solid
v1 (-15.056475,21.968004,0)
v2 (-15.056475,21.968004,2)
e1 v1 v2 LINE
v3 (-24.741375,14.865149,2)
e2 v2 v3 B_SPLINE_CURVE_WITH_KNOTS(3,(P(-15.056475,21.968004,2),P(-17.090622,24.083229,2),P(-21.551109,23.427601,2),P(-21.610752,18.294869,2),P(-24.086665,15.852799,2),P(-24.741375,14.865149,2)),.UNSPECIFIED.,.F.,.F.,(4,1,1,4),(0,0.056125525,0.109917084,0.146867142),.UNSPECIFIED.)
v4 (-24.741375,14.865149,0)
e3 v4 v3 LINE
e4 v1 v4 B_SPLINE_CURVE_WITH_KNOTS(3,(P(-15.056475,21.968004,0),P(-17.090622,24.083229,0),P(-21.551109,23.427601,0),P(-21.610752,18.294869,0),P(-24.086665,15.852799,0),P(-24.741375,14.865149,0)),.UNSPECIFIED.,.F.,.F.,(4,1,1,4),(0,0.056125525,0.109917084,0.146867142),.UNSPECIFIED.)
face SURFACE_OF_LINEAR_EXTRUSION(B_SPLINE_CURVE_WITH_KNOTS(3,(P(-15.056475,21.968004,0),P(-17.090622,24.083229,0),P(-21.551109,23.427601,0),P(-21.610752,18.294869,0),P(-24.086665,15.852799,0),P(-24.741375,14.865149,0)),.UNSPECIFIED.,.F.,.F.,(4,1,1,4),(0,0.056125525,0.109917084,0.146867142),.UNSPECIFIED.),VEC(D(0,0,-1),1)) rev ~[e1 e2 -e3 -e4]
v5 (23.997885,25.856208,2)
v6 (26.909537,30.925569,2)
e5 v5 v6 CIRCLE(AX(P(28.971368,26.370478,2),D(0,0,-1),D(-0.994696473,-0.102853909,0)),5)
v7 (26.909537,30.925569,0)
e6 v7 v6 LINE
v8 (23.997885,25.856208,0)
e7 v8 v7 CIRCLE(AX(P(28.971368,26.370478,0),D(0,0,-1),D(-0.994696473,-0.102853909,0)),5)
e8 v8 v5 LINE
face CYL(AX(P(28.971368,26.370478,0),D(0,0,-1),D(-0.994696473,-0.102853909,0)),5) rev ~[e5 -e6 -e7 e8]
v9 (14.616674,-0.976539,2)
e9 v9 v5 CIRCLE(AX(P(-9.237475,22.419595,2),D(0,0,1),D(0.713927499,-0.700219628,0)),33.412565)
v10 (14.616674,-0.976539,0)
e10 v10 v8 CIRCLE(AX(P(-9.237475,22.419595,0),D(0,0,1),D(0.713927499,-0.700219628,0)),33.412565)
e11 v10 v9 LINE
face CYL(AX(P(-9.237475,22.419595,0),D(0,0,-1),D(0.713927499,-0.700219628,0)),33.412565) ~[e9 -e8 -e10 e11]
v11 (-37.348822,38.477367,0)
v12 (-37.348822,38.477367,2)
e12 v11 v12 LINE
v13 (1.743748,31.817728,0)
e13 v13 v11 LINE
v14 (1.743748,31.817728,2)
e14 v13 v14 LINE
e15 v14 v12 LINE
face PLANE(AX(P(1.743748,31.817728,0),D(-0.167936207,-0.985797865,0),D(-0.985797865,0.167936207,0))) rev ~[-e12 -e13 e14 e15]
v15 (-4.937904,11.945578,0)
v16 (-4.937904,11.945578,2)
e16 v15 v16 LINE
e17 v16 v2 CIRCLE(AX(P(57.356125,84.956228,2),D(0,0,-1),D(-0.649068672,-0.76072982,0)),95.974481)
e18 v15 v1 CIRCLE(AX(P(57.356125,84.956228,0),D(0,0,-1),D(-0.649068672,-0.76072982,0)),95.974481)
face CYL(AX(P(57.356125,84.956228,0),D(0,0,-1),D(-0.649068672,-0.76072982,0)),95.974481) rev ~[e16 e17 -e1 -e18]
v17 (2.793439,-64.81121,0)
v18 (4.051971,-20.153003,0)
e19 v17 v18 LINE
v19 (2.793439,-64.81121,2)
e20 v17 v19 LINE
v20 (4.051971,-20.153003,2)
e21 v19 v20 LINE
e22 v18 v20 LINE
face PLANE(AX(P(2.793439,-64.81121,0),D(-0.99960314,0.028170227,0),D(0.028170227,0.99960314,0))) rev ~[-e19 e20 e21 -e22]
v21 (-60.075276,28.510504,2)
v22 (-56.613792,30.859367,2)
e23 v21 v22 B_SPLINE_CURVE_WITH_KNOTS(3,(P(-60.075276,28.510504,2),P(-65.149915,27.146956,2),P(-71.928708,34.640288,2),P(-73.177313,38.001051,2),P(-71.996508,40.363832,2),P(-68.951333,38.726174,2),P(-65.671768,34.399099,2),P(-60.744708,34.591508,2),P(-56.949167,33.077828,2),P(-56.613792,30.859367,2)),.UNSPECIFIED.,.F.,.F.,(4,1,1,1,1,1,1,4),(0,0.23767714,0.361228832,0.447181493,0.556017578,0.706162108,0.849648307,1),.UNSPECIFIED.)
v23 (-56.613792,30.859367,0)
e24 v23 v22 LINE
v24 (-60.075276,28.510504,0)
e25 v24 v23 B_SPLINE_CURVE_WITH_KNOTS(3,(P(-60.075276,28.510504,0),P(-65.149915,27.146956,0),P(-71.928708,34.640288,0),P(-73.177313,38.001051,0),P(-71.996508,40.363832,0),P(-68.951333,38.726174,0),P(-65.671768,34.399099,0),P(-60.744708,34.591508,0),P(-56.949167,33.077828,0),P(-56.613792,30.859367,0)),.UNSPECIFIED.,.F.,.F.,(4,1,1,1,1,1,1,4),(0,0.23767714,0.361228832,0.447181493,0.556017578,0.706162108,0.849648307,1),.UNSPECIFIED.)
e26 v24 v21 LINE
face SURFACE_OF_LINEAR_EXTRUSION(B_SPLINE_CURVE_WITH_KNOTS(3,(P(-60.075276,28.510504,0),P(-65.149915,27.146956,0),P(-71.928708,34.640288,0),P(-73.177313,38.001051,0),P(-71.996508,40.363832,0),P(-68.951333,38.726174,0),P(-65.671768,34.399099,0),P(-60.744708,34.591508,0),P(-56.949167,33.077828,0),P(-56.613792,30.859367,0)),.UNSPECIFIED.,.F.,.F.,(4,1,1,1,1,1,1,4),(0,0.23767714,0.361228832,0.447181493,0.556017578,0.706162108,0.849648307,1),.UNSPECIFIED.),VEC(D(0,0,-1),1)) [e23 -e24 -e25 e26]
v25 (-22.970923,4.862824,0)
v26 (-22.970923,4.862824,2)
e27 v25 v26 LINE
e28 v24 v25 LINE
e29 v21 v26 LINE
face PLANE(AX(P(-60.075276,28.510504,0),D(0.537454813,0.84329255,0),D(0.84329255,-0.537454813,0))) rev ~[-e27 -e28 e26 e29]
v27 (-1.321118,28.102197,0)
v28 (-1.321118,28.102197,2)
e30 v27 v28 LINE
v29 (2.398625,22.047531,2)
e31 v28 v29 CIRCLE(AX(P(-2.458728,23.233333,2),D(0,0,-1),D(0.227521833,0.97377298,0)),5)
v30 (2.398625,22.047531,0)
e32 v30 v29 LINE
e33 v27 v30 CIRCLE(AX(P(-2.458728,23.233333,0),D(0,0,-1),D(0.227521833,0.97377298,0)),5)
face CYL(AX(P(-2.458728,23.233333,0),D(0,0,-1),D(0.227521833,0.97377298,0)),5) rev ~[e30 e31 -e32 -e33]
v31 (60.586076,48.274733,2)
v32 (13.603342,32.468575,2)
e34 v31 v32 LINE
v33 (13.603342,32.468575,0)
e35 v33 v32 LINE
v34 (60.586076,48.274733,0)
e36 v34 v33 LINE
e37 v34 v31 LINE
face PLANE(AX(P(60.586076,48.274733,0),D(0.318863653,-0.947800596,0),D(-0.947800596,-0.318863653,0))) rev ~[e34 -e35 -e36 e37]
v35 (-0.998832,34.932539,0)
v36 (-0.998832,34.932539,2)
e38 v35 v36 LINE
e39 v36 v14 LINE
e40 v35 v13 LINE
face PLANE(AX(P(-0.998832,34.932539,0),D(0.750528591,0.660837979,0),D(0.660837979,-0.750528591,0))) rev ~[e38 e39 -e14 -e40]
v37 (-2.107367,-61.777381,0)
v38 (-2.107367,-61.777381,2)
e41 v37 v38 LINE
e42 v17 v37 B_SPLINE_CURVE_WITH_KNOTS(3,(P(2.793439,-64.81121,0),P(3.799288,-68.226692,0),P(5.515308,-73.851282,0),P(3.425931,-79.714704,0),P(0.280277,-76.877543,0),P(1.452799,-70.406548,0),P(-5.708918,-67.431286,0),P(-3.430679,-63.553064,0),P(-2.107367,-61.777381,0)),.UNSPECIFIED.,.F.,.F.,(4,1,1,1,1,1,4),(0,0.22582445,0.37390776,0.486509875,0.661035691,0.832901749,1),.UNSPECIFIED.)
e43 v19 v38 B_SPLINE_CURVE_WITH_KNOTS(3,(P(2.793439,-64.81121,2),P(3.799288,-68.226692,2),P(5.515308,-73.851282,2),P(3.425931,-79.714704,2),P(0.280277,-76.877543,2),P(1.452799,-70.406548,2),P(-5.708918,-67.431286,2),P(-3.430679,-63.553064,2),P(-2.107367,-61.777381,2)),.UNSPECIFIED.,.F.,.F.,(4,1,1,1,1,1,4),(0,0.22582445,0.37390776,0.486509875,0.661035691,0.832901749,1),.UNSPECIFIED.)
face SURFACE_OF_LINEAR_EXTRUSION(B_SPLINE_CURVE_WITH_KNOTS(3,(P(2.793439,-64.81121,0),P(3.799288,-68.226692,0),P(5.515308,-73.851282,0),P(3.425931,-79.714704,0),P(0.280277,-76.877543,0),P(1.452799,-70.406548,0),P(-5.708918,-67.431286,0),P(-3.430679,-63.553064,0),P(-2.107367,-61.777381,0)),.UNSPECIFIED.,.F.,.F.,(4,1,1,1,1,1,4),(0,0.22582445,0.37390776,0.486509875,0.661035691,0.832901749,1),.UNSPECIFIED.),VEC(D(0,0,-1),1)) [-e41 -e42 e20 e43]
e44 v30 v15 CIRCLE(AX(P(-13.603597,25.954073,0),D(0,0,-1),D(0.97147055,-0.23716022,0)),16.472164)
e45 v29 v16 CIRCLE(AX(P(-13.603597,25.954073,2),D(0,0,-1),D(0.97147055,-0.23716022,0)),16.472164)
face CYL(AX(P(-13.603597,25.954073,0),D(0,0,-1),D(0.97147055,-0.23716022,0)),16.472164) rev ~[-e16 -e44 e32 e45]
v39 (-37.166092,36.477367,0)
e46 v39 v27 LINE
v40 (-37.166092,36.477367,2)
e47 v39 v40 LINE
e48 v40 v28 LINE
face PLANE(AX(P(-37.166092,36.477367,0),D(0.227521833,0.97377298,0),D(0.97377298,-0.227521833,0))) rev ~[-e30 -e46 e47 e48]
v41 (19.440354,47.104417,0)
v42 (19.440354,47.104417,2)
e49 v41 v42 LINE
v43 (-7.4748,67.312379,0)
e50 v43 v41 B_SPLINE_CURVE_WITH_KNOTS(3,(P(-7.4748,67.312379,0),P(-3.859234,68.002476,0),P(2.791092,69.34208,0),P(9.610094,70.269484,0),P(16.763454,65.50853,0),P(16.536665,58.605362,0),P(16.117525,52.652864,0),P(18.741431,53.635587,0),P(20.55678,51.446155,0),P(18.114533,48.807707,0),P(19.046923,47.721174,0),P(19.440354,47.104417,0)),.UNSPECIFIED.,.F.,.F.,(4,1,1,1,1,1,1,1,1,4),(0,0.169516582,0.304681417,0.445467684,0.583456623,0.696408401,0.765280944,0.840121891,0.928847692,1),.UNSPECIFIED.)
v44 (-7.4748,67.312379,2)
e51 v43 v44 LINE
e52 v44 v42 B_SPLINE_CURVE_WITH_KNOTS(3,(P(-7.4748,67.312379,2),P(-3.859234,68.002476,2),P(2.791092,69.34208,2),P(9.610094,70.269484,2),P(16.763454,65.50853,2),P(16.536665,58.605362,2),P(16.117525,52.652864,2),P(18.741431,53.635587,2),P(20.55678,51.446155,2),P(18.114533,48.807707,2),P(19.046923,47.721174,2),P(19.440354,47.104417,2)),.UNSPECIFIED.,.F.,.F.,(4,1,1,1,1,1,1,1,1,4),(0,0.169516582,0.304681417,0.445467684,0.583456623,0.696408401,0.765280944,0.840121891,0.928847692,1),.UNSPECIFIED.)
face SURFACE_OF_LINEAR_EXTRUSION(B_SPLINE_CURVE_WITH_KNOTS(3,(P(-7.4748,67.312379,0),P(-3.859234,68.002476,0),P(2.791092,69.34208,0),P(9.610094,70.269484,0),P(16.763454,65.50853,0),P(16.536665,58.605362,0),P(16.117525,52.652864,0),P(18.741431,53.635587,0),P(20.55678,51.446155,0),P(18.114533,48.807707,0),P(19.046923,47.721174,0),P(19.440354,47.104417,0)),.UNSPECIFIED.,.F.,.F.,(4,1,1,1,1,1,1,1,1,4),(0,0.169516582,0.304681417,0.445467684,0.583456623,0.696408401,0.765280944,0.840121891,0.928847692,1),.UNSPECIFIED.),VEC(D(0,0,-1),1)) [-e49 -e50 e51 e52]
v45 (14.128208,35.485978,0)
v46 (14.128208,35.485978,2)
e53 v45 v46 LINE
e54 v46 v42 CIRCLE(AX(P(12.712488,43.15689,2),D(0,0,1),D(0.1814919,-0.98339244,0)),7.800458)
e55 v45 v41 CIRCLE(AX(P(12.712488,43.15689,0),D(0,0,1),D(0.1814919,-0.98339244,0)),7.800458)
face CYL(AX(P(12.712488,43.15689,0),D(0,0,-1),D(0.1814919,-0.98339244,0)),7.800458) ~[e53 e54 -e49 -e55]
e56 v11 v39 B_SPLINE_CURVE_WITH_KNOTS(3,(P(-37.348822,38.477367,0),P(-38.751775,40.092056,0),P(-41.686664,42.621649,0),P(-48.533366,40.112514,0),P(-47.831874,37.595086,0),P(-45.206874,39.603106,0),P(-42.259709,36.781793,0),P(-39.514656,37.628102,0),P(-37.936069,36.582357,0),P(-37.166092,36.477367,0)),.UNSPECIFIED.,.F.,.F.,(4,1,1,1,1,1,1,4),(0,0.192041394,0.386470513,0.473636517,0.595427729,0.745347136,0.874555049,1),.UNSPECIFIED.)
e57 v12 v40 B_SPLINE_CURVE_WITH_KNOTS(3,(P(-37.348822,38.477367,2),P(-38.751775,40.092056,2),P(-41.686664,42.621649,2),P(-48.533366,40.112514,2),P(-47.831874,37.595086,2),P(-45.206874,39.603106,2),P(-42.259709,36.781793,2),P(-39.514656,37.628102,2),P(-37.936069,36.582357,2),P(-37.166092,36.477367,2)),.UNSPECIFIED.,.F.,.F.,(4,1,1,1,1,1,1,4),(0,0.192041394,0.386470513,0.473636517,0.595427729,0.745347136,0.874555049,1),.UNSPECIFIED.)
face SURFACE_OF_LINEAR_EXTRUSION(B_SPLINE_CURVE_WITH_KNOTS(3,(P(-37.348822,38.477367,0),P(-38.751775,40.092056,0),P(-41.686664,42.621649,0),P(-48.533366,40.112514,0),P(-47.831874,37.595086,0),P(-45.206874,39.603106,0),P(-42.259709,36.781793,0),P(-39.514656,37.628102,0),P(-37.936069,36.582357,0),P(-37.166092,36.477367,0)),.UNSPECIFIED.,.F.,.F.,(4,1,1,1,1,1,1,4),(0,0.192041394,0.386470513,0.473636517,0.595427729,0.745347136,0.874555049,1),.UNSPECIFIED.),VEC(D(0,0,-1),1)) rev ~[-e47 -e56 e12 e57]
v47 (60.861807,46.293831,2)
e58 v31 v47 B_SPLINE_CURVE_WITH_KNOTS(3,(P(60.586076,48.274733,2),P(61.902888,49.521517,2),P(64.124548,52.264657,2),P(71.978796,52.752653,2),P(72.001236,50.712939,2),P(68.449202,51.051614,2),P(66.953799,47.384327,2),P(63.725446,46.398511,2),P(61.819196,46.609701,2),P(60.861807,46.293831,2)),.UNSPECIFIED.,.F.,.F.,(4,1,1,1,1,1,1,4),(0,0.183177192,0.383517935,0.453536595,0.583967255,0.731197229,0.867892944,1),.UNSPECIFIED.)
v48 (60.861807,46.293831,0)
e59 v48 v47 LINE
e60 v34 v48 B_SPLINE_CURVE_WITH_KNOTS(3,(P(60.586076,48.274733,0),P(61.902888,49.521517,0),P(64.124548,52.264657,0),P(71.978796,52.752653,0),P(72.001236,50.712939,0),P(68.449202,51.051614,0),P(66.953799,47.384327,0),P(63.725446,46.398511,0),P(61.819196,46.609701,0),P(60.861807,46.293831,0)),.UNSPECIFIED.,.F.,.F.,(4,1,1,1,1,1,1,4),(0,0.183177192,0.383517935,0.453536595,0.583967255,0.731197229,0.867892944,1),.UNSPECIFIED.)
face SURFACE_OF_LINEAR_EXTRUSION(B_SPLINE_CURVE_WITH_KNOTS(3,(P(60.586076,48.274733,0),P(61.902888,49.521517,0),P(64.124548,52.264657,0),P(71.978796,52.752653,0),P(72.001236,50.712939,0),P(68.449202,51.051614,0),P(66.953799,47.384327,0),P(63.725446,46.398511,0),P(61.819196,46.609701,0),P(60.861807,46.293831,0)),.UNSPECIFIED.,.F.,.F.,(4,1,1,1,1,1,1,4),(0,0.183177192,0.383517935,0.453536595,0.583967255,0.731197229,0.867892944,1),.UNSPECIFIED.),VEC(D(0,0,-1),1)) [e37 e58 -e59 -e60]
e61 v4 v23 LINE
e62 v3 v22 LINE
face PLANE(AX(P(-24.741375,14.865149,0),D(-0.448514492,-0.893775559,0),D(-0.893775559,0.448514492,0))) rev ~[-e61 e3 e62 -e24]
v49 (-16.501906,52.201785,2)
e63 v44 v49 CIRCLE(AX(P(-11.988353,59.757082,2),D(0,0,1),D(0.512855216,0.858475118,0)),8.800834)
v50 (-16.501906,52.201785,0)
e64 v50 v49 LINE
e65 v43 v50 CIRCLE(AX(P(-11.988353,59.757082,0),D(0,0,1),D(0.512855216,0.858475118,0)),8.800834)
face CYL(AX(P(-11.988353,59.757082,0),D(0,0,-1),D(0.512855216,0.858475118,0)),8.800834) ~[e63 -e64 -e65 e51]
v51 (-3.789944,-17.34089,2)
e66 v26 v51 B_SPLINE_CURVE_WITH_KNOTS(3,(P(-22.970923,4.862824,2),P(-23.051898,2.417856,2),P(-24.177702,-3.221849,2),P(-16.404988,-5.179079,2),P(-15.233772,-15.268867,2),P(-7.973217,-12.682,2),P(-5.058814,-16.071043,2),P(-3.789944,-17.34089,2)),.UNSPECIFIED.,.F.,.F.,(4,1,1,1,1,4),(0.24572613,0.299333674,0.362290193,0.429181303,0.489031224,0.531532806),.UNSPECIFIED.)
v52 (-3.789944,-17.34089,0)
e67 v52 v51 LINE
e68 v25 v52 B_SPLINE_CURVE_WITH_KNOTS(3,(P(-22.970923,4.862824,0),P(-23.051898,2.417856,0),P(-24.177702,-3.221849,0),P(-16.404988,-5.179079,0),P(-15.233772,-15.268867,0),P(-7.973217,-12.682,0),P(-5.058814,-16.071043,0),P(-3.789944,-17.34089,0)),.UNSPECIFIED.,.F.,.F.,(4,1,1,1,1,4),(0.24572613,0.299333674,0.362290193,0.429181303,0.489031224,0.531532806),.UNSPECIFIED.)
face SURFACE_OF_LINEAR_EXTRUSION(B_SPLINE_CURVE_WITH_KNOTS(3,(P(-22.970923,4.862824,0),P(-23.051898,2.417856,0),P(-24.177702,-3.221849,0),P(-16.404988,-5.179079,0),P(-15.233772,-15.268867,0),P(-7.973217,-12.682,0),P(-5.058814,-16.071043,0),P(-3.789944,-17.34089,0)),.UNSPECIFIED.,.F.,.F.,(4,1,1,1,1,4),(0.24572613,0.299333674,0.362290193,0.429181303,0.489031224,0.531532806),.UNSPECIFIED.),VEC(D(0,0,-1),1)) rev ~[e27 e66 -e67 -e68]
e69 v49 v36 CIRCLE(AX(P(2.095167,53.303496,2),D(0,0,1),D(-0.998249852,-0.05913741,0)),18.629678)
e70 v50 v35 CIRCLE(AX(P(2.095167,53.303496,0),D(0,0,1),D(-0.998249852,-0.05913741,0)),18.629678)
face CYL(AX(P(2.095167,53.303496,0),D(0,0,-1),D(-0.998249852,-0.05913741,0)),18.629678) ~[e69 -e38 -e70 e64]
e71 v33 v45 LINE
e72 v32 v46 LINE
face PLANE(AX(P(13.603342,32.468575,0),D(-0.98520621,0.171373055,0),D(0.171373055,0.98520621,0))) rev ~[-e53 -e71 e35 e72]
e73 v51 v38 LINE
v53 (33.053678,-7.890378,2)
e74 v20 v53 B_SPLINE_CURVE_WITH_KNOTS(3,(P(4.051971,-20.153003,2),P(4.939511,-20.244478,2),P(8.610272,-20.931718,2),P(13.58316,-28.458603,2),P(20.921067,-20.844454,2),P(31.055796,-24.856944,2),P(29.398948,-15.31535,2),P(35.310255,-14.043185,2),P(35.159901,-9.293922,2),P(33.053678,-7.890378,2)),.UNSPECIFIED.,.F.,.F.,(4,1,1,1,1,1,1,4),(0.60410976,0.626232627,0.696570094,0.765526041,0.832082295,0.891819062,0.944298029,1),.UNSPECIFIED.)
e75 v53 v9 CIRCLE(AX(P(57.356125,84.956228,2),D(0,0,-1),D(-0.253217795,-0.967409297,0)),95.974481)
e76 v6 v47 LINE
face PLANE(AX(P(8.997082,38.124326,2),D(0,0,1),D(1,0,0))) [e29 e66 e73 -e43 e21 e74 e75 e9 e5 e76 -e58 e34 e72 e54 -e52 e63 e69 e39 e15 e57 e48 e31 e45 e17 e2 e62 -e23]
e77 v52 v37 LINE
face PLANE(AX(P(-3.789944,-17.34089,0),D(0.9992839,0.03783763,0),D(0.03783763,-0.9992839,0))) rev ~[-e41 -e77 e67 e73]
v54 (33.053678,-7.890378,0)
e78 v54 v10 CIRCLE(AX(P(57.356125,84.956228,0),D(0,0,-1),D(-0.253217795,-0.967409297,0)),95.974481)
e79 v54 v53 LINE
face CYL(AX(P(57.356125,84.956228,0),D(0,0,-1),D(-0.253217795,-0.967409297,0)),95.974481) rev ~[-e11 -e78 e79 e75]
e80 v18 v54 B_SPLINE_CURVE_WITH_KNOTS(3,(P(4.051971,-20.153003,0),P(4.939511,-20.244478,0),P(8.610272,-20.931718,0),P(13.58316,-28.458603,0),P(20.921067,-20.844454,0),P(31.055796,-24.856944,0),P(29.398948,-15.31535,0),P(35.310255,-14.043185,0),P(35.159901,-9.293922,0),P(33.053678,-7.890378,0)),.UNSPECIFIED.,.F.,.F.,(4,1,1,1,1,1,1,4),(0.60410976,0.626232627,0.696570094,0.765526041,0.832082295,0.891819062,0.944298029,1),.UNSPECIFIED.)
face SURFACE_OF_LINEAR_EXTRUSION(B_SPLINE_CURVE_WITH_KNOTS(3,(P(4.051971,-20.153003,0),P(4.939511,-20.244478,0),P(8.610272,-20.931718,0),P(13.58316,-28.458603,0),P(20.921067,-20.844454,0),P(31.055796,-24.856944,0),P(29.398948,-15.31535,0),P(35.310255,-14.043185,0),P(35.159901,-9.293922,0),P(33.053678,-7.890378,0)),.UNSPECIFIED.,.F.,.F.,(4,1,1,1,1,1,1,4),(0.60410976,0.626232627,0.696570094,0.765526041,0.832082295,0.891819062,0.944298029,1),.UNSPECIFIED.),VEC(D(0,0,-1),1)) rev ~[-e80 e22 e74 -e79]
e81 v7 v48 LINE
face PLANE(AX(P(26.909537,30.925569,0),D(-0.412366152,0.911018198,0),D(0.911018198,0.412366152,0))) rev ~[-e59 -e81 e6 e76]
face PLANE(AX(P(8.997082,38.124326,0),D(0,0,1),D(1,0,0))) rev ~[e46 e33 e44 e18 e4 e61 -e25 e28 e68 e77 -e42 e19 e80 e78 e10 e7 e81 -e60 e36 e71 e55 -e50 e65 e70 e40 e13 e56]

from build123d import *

# Parameters (mm, degrees)
F2_DEPTH = 2


with BuildPart() as f2:
    # F1 (on Top) → F2 (new body)
    with BuildSketch(Plane.XY):
        with BuildLine():
            ThreePointArc((2.3986251238, 22.0475314706), (-0.2754735613, 16.274543116), (-4.9379041327, 11.9455779408))
            ThreePointArc((-4.9379041327, 11.9455779408), (4.4434301593, 4.8853355788), (14.6166737485, -0.9765387108))
            ThreePointArc((14.6166737485, -0.9765387108), (22.3030082695, 11.3924739108), (23.9978853449, 25.8562079827))
            ThreePointArc((23.9978853449, 25.8562079827), (24.6356426565, 28.8607562776), (26.9095369518, 30.9255685158))
            Line((26.9095369518, 30.9255685158), (60.8618070439, 46.2938311805))
            add(Edge.make_bspline(
                [(60.5860762298, 48.2747331262), (61.9028881757, 49.521516872), (64.1245475736, 52.2646566844), (71.978796334, 52.7526534548), (72.001235964, 50.7129390434), (68.4492022518, 51.0516144261), (66.9537990585, 47.3843269652), (63.7254456558, 46.3985113578), (61.8191961192, 46.6097009555), (60.8618070439, 46.2938311805)],
                knots=[0, 0, 0, 0, 0.183177192, 0.383517935, 0.4535365954, 0.5839672553, 0.731197229, 0.8678929436, 1, 1, 1, 1], degree=3))
            Line((60.5860762298, 48.2747331262), (13.6033419143, 32.468574782))
            Line((13.6033419143, 32.468574782), (14.1282082878, 35.4859780195))
            ThreePointArc((14.1282082878, 35.4859780195), (19.8066076314, 39.9133389612), (19.4403543966, 47.1044169458))
            add(Edge.make_bspline(
                [(-7.4747995167, 67.3123786723), (-3.8592343891, 68.002476227), (2.7910921575, 69.3420796589), (9.6100937057, 70.2694841538), (16.7634541009, 65.5085300915), (16.536665129, 58.6053616906), (16.1175246851, 52.6528642055), (18.7414307602, 53.6355865578), (20.5567802548, 51.4461547422), (18.1145330537, 48.8077070001), (19.0469231457, 47.7211736143), (19.4403543966, 47.1044169458)],
                knots=[0, 0, 0, 0, 0.1695165824, 0.3046814167, 0.4454676838, 0.5834566228, 0.6964084007, 0.7652809436, 0.8401218908, 0.9288476922, 1, 1, 1, 1], degree=3))
            ThreePointArc((-7.4747995167, 67.3123786723), (-19.5436496733, 64.2706354046), (-16.5019064057, 52.201785248))
            ThreePointArc((-16.5019064057, 52.201785248), (-11.7678188542, 40.8583152773), (-0.9988322976, 34.9325390018))
            Line((-0.9988322976, 34.9325390018), (1.7437484194, 31.817728249))
            Line((1.7437484194, 31.817728249), (-37.3488221143, 38.4773673498))
            add(Edge.make_bspline(
                [(-37.3488221143, 38.4773673498), (-38.7517746943, 40.092055826), (-41.6866642129, 42.6216487061), (-48.5333663821, 40.1125143872), (-47.8318736145, 37.5950863492), (-45.2068736851, 39.6031061861), (-42.2597089926, 36.7817925436), (-39.5146558755, 37.628101724), (-37.9360687604, 36.5823567924), (-37.1660922522, 36.4773673498)],
                knots=[0, 0, 0, 0, 0.1920413936, 0.3864705134, 0.4736365174, 0.595427729, 0.7453471363, 0.8745550488, 1, 1, 1, 1], degree=3))
            Line((-37.1660922522, 36.4773673498), (-1.3211184638, 28.1021974702))
            ThreePointArc((-1.3211184638, 28.1021974702), (1.8015114718, 25.8506523506), (2.3986251238, 22.0475314706))
        make_face()
        with BuildLine():
            add(Edge.make_bspline(
                [(-24.7413746914, 14.8651491206), (-25.0812524486, 14.3524328202), (-26.095215729, 12.2347172336), (-23.0556518126, 9.299459102), (-22.9416974169, 5.7452695705), (-22.9709230417, 4.8628237039)],
                knots=[0.1468671419, 0.1468671419, 0.1468671419, 0.1468671419, 0.1660489293, 0.2263779159, 0.2457261304, 0.2457261304, 0.2457261304, 0.2457261304], degree=3))
            add(Edge.make_bspline(
                [(-22.9709230417, 4.8628237039), (-23.0518976432, 2.4178562211), (-24.1777018095, -3.2218492343), (-16.4049875581, -5.1790794308), (-15.2337717804, -15.2688666939), (-7.9732166159, -12.6820000376), (-5.058814176, -16.071042734), (-3.7899438572, -17.3408897669)],
                knots=[0.2457261304, 0.2457261304, 0.2457261304, 0.2457261304, 0.2993336737, 0.362290193, 0.4291813035, 0.4890312235, 0.5315328059, 0.5315328059, 0.5315328059, 0.5315328059], degree=3))
            add(Edge.make_bspline(
                [(-3.7899438572, -17.3408897669), (-2.9928523653, -18.1385948207), (-0.7631651708, -20.1595708241), (2.2114086589, -19.963302967), (4.0519705205, -20.1530027415)],
                knots=[0.5315328059, 0.5315328059, 0.5315328059, 0.5315328059, 0.5582318698, 0.6041097604, 0.6041097604, 0.6041097604, 0.6041097604], degree=3))
            add(Edge.make_bspline(
                [(4.0519705205, -20.1530027415), (4.9395114084, -20.2444782359), (8.6102724635, -20.9317180891), (13.5831603458, -28.458603059), (20.9210665541, -20.844453593), (31.0557963502, -24.8569444972), (29.3989479988, -15.3153504964), (35.3102548111, -14.0431853588), (35.1599010343, -9.293921835), (33.0536782999, -7.8903775827)],
                knots=[0.6041097604, 0.6041097604, 0.6041097604, 0.6041097604, 0.6262326266, 0.6965700939, 0.7655260406, 0.8320822954, 0.8918190622, 0.9442980289, 1, 1, 1, 1], degree=3))
            ThreePointArc((33.0536782999, -7.8903775827), (23.6573963546, -4.90753986), (14.6166737485, -0.9765387108))
            ThreePointArc((14.6166737485, -0.9765387108), (4.4434301593, 4.8853355788), (-4.9379041327, 11.9455779408))
            ThreePointArc((-4.9379041327, 11.9455779408), (-10.183354223, 16.7688403627), (-15.056475244, 21.968003618))
            add(Edge.make_bspline(
                [(-15.056475244, 21.968003618), (-17.0906216154, 24.0832289078), (-21.5511093766, 23.4276009885), (-21.6107524376, 18.2948686531), (-24.0866649556, 15.8527993755), (-24.7413746914, 14.8651491206)],
                knots=[0, 0, 0, 0, 0.056125525, 0.1099170836, 0.1468671419, 0.1468671419, 0.1468671419, 0.1468671419], degree=3))
        make_face()
        with BuildLine():
            add(Edge.make_bspline(
                [(-3.7899438572, -17.3408897669), (-2.9928523653, -18.1385948207), (-0.7631651708, -20.1595708241), (2.2114086589, -19.963302967), (4.0519705205, -20.1530027415)],
                knots=[0.5315328059, 0.5315328059, 0.5315328059, 0.5315328059, 0.5582318698, 0.6041097604, 0.6041097604, 0.6041097604, 0.6041097604], degree=3))
            Line((-3.7899438572, -17.3408897669), (-2.1073674812, -61.7773805968))
            add(Edge.make_bspline(
                [(2.7934392456, -64.8112099626), (3.7992880485, -68.226691505), (5.5153075959, -73.8512817806), (3.4259309538, -79.7147043415), (0.2802771674, -76.8775433591), (1.4527985839, -70.4065477539), (-5.7089179023, -67.4312855119), (-3.4306791559, -63.5530643984), (-2.1073674812, -61.7773805968)],
                knots=[0, 0, 0, 0, 0.2258244503, 0.37390776, 0.4865098752, 0.6610356912, 0.8329017489, 1, 1, 1, 1], degree=3))
            Line((2.7934392456, -64.8112099626), (4.0519705205, -20.1530027415))
        make_face()
        with BuildLine():
            add(Edge.make_bspline(
                [(-60.0752756921, 28.5105043479), (-65.1499148644, 27.1469560258), (-71.928707831, 34.6402881726), (-73.1773129145, 38.0010505224), (-71.9965084885, 40.3638320677), (-68.9513328699, 38.7261744116), (-65.6717681621, 34.3990991187), (-60.7447081272, 34.5915079299), (-56.9491667219, 33.0778281169), (-56.6137918553, 30.8593669711)],
                knots=[0, 0, 0, 0, 0.2376771401, 0.3612288324, 0.4471814932, 0.5560175781, 0.7061621077, 0.849648307, 1, 1, 1, 1], degree=3))
            Line((-60.0752756921, 28.5105043479), (-22.9709230417, 4.8628237039))
            add(Edge.make_bspline(
                [(-24.7413746914, 14.8651491206), (-25.0812524486, 14.3524328202), (-26.095215729, 12.2347172336), (-23.0556518126, 9.299459102), (-22.9416974169, 5.7452695705), (-22.9709230417, 4.8628237039)],
                knots=[0.1468671419, 0.1468671419, 0.1468671419, 0.1468671419, 0.1660489293, 0.2263779159, 0.2457261304, 0.2457261304, 0.2457261304, 0.2457261304], degree=3))
            Line((-24.7413746914, 14.8651491206), (-56.6137918553, 30.8593669711))
        make_face()
    extrude(amount=F2_DEPTH)


solid = f2.part
